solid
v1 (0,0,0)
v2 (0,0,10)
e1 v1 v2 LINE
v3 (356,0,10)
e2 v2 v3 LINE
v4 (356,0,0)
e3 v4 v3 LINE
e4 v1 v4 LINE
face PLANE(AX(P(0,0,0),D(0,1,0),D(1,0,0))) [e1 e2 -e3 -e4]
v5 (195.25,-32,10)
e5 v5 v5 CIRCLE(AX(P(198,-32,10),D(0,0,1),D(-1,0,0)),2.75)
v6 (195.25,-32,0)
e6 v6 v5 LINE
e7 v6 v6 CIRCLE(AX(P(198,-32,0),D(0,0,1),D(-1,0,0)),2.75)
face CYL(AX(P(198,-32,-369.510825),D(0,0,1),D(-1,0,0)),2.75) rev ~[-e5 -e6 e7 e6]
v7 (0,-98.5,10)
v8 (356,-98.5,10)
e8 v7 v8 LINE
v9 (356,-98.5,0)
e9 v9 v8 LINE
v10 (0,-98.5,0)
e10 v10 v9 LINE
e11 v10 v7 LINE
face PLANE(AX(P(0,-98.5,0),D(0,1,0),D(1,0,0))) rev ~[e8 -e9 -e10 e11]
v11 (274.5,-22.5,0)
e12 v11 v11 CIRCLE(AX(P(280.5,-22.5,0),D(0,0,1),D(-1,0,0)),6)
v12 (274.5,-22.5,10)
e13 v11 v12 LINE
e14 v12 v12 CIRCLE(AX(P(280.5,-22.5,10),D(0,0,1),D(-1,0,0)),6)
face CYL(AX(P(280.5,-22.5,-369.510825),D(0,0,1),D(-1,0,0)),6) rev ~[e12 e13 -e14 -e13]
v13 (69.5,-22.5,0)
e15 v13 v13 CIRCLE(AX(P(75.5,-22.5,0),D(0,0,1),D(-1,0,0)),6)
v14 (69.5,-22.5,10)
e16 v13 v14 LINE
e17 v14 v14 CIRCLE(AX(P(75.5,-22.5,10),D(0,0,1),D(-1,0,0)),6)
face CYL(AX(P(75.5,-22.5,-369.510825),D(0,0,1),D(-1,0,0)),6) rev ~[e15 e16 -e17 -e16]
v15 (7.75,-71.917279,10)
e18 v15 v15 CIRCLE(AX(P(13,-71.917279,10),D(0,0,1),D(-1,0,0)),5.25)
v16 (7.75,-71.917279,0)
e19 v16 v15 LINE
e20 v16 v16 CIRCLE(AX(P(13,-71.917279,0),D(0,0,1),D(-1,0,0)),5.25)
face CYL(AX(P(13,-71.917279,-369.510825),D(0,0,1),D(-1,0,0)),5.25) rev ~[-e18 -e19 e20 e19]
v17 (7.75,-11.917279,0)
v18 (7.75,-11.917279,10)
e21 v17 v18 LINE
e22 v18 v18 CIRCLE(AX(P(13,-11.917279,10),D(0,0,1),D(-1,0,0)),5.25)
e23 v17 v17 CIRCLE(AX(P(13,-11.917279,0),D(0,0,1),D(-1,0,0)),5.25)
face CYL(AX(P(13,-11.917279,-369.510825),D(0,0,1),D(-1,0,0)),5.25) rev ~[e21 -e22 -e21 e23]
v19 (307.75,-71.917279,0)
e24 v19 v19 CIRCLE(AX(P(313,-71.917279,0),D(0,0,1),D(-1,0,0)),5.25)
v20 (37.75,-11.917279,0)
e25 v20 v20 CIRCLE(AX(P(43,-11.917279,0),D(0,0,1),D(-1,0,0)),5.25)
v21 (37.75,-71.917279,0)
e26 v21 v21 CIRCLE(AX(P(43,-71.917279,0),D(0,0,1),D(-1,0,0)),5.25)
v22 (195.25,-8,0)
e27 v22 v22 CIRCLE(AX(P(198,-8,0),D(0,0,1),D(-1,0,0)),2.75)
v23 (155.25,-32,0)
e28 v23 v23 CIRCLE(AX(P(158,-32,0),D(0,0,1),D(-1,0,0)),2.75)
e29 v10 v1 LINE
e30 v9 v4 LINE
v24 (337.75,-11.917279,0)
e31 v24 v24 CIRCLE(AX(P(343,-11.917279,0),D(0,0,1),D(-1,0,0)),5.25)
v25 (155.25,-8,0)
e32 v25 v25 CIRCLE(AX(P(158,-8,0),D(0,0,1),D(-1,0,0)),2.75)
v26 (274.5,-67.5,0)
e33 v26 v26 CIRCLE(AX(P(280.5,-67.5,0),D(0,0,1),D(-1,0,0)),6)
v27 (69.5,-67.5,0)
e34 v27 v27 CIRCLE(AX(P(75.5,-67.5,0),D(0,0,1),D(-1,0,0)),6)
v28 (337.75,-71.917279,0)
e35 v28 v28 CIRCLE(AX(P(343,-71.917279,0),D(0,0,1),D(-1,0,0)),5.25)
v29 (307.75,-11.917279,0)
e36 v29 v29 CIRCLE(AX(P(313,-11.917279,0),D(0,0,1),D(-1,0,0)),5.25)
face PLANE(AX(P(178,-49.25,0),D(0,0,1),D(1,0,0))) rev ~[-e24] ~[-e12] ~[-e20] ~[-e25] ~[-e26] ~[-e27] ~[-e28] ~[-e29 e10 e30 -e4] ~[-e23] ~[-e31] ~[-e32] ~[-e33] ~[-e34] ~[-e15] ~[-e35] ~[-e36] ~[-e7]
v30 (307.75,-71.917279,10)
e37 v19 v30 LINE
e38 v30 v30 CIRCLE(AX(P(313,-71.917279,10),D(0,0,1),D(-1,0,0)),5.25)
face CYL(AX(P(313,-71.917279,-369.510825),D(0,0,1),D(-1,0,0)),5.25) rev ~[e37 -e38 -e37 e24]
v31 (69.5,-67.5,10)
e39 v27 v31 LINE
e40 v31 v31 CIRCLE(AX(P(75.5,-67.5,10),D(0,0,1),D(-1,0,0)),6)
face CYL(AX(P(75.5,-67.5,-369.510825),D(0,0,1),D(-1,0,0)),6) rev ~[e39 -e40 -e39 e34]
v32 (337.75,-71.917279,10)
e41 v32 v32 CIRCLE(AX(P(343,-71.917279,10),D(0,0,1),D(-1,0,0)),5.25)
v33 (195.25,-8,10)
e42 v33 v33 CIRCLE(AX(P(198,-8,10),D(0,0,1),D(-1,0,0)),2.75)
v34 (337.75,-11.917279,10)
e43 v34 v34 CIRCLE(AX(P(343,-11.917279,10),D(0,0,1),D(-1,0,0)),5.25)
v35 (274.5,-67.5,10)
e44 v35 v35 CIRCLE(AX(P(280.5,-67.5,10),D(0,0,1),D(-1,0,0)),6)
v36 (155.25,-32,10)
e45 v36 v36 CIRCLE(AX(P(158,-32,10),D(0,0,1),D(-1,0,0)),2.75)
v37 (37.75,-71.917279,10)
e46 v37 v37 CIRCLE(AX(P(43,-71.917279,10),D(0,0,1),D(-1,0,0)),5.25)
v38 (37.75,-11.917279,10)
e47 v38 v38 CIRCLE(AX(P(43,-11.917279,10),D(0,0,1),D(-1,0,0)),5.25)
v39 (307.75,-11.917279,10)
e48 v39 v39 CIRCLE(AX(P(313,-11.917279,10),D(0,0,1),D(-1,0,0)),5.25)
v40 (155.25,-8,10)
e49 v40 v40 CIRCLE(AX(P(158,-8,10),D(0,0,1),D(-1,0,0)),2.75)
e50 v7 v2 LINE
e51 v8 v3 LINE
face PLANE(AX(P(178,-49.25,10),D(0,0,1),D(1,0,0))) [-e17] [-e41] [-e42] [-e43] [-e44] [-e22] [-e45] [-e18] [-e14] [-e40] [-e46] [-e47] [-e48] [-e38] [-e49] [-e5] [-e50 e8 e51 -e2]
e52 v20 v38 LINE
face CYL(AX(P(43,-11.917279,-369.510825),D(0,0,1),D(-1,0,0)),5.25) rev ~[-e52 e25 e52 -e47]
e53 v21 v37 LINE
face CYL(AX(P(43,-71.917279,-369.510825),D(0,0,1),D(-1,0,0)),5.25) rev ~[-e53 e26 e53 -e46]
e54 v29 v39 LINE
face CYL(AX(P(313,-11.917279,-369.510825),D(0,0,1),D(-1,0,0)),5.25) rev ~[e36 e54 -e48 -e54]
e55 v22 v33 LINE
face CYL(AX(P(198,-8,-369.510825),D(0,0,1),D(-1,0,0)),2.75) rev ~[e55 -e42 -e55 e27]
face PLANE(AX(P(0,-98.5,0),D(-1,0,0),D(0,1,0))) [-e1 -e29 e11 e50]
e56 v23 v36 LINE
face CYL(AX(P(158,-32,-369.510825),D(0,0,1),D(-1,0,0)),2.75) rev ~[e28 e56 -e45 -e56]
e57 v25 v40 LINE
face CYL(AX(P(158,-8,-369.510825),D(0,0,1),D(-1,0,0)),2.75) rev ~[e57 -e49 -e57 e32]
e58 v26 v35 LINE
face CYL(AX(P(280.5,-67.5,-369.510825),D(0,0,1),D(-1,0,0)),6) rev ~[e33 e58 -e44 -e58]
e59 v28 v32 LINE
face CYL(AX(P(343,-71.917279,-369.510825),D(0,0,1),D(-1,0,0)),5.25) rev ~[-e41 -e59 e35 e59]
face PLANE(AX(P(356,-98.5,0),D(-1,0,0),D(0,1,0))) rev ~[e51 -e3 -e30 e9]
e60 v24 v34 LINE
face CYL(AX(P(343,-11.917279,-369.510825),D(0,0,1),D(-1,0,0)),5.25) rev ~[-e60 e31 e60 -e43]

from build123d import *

# Parameters (mm, degrees)
F0_W     = 356
F0_H     = 98.5
F3_DEPTH = 10
F4_D     = 12
F5_D     = 10.5
F6_D     = 5.5


with BuildPart() as f3:
    # F0 (on Top) → F3 (new body)
    with BuildSketch(Plane.XY):
        with Locations((178, -49.25)):
            Rectangle(F0_W, F0_H)
    extrude(amount=F3_DEPTH)

    # F4 (through all)
    with Locations(Plane(origin=(0, 0, 0), x_dir=(1, 0, 0), z_dir=(0, 0, -1))):
        with Locations((75.5, 22.5), (75.5, 67.5), (280.5, 67.5), (280.5, 22.5)):
            Hole(F4_D / 2)

    # F5 (through all)
    with Locations(Plane(origin=(0, 0, 0), x_dir=(1, 0, 0), z_dir=(0, 0, -1))):
        with Locations((13, 11.9172791019), (43, 11.9172791019), (13, 71.9172791019), (43, 71.9172791019), (313, 11.9172791019), (343, 11.9172791019), (343, 71.9172791019), (313, 71.9172791019)):
            Hole(F5_D / 2)

    # F6 (through all)
    with Locations(Plane(origin=(0, 0, 0), x_dir=(1, 0, 0), z_dir=(0, 0, -1))):
        with Locations((158, 8), (198, 8), (158, 32), (198, 32)):
            Hole(F6_D / 2)


solid = f3.part
